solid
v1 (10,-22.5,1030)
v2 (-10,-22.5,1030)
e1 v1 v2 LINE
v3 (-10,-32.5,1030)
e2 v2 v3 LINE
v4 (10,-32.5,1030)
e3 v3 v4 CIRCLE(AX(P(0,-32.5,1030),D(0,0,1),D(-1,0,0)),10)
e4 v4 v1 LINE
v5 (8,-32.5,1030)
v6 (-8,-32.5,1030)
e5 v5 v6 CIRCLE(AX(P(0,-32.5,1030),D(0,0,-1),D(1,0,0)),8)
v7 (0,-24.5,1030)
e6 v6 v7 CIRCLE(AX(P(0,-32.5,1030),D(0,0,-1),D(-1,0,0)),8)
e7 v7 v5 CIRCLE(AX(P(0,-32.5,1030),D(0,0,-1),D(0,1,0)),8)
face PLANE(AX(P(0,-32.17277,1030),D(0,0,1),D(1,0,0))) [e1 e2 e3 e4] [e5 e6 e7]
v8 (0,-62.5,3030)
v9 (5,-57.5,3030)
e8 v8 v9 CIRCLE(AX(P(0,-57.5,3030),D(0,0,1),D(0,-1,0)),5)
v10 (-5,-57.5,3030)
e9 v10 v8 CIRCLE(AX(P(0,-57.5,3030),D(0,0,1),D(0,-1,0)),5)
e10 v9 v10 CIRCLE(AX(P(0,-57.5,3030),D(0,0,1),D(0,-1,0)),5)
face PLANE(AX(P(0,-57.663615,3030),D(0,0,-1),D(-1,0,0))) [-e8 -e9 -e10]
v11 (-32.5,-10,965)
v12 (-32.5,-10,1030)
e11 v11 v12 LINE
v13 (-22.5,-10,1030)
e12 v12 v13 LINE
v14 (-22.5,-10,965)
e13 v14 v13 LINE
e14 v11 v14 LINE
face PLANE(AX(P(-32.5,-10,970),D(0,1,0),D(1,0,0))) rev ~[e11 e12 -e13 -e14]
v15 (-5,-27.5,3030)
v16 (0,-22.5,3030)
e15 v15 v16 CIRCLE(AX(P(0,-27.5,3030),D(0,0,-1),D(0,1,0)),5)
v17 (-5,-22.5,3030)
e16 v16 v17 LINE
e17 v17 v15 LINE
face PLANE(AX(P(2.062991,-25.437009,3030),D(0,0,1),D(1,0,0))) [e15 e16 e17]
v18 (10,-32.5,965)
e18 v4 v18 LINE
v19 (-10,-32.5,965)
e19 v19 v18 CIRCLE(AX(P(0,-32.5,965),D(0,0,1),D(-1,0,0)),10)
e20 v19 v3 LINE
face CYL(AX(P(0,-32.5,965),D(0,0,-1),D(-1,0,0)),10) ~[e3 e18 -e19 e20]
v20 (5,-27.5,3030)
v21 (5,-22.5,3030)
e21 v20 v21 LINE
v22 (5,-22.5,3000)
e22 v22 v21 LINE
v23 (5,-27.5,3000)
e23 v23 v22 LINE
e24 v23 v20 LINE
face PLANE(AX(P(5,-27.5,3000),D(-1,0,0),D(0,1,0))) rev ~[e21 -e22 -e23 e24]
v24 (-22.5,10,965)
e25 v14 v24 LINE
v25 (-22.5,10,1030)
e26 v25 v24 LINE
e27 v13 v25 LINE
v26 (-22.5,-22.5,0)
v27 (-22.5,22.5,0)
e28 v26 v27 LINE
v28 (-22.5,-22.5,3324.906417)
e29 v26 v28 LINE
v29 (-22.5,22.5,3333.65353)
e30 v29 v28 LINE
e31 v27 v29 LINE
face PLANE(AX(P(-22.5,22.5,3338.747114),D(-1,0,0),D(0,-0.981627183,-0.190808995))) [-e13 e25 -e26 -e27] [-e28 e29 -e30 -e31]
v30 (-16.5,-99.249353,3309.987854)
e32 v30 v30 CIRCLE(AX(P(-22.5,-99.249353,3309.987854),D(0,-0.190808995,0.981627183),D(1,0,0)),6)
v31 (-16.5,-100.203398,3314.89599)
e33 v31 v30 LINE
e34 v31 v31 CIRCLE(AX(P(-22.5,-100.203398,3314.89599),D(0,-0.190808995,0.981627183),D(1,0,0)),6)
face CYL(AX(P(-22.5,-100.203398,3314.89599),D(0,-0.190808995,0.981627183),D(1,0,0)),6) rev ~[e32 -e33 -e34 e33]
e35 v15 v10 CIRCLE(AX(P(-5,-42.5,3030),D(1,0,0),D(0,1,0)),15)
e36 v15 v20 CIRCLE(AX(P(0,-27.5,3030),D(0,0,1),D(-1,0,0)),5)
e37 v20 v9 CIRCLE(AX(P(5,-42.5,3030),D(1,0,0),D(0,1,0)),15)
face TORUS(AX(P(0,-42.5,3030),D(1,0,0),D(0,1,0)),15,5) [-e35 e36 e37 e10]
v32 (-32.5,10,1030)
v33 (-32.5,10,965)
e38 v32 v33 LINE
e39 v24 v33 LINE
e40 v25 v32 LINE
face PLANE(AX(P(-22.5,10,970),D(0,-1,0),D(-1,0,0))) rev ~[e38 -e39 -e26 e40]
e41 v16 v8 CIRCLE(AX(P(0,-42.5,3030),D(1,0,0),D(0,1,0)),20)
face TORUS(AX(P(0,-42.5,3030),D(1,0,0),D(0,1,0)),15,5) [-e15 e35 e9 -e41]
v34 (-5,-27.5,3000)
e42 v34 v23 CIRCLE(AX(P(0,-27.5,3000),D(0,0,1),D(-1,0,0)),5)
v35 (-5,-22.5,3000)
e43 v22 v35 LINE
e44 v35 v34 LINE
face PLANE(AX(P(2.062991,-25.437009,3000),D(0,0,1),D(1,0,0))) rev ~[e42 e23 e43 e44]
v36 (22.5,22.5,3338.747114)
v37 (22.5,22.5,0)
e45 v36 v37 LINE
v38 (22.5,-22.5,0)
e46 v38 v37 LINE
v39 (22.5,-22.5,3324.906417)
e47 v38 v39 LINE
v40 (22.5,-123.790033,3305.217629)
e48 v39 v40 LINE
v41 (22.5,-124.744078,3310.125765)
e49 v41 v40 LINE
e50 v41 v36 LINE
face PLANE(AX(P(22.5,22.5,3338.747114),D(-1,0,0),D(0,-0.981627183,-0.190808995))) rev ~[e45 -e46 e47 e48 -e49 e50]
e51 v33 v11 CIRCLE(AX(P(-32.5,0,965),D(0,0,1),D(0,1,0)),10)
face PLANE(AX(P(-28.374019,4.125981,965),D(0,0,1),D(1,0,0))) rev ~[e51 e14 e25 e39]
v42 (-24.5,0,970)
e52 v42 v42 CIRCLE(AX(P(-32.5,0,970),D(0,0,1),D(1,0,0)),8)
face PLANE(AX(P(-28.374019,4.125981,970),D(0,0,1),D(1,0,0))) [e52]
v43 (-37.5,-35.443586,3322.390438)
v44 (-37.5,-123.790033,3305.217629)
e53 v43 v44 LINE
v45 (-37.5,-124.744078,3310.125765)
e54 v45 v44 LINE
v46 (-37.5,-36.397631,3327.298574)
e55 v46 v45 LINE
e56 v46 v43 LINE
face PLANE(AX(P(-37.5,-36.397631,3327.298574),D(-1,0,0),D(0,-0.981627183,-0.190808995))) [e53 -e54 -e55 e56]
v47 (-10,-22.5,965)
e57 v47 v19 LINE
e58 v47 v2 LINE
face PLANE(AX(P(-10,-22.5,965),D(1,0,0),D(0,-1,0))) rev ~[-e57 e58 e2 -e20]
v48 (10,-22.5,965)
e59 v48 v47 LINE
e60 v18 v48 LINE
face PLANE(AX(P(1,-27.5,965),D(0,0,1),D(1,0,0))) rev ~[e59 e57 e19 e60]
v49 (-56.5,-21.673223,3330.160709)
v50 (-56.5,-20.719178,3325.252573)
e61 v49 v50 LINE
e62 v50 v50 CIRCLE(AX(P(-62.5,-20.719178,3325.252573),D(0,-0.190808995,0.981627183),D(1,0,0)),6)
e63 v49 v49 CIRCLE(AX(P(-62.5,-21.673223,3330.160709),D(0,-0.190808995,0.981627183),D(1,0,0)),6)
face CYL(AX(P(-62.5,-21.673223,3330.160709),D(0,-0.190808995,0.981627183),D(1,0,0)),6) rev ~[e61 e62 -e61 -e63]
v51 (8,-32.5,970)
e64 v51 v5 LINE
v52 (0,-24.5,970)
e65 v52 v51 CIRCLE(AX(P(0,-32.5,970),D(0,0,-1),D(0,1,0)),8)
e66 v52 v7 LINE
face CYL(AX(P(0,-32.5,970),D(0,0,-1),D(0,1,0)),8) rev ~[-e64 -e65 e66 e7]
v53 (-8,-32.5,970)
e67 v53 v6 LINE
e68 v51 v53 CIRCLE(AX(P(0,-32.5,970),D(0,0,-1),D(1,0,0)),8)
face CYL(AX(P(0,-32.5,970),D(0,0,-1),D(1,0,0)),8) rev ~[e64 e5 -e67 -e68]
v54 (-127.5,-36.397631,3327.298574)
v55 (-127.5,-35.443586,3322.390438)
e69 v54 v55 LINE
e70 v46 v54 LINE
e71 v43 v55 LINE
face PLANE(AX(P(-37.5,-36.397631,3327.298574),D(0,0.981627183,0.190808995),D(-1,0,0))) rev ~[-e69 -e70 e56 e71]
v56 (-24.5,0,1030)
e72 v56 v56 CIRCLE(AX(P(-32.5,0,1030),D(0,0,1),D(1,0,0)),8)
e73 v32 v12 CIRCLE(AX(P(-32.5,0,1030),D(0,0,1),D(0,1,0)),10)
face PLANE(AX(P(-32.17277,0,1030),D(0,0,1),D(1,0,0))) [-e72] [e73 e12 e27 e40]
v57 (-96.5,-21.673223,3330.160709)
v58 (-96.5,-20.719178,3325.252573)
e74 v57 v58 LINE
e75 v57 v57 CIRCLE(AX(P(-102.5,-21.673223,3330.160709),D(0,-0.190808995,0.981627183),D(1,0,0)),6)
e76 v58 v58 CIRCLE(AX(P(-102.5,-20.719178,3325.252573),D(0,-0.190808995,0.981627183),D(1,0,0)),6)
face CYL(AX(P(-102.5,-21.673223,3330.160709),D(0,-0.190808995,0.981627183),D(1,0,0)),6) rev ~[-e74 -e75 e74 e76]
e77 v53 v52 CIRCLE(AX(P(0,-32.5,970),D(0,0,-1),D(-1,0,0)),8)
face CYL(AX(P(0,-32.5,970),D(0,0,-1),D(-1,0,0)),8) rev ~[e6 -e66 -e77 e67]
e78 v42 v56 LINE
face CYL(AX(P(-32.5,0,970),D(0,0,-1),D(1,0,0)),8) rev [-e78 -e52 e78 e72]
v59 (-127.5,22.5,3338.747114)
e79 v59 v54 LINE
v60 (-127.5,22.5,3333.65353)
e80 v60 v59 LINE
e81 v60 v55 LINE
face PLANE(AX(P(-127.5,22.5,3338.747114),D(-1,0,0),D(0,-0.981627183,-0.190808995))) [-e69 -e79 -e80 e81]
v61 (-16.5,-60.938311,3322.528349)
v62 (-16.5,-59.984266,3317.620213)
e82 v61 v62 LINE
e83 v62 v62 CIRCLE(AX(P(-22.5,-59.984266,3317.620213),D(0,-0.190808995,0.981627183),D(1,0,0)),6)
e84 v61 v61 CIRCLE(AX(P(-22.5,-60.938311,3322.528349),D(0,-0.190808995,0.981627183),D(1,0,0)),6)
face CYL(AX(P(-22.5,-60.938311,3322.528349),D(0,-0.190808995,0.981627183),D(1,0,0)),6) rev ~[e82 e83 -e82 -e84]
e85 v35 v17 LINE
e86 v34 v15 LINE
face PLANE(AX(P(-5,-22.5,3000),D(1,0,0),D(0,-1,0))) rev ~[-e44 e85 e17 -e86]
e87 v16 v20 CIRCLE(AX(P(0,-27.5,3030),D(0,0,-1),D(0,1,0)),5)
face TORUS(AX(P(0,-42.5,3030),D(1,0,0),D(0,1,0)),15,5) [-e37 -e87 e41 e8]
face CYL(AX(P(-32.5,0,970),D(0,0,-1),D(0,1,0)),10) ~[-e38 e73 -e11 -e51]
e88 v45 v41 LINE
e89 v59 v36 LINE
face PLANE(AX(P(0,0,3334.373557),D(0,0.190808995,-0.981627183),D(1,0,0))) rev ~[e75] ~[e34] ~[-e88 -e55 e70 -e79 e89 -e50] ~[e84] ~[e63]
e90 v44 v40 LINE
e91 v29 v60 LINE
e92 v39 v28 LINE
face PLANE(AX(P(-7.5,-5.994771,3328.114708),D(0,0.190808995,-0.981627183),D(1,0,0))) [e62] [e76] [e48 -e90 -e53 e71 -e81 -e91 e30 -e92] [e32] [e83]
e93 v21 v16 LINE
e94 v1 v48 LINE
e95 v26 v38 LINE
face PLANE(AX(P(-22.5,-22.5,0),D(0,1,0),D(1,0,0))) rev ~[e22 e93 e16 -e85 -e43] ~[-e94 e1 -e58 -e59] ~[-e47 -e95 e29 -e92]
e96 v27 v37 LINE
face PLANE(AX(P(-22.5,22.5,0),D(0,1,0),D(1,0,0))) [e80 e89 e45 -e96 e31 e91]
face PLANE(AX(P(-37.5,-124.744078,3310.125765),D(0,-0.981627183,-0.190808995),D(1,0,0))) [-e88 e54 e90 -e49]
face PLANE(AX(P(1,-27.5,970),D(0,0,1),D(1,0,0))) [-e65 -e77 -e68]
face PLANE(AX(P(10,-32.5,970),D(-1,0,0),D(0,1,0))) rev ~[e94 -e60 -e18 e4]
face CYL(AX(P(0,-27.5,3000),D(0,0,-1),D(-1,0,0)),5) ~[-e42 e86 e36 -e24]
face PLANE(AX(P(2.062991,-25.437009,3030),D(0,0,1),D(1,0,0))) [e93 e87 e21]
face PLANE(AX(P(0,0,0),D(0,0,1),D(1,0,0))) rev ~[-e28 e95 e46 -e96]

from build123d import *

# Parameters (mm, degrees)
F0_W      = 45
F0_H      = 45
F1_DEPTH  = 3330
F4_DEPTH  = 5
F7_W      = 45
F7_H      = 45.842251273
F8_DEPTH  = 25
F9_W      = 60
F9_H      = 60
F9_W_2    = 90
F9_H_2    = 90
F10_DEPTH = 5
F11_R     = 6
F12_DEPTH = 25
F13_W     = 150
F13_H     = 4.7702248844
F14_DEPTH = 3358.6871623993
F15_R     = 8
F16_DEPTH = 60
F20_DEPTH = 109
F21_DEPTH = 30


with BuildPart() as f1:
    # F0 (on Top) → F1 (new body)
    with BuildSketch(Plane.XY):
        Rectangle(F0_W, F0_H)
    extrude(amount=F1_DEPTH)

    # F3 (on offset) → F4 (join)
    with BuildSketch(Plane.XY.offset(965)):
        Polygon((2, -22.5), (0, -22.5), (0, -32.5), (2, -32.5), (2, -22.7020410289), align=None)
        Polygon((0, -32.5), (0, -22.5), (-2, -22.5), (-2, -22.7020410289), (-2, -32.5), align=None)
        with BuildLine():
            Line((2, -32.5), (0, -32.5))
            Line((0, -32.5), (-2, -32.5))
            Line((-2, -32.5), (-10, -32.5))
            ThreePointArc((-10, -32.5), (0, -42.5), (10, -32.5))
            Line((10, -32.5), (2, -32.5))
        make_face()
        with BuildLine():
            Line((-32.5, 0), (-22.5, 0))
            ThreePointArc((-22.5, 0), (-25.4289321881, 7.0710678119), (-32.5, 10))
            Line((-32.5, 10), (-32.5, 0))
        make_face()
        with BuildLine():
            Line((-32.5, -10), (-32.5, 0))
            Line((-32.5, 0), (-32.5, 10))
            ThreePointArc((-32.5, 10), (-42.5, 0), (-32.5, -10))
        make_face()
        with BuildLine():
            ThreePointArc((-32.5, -10), (-25.4289321881, -7.0710678119), (-22.5, 0))
            Line((-22.5, 0), (-32.5, 0))
            Line((-32.5, 0), (-32.5, -10))
        make_face()
        with BuildLine():
            Line((2, -22.7020410289), (2, -32.5))
            Line((2, -32.5), (10, -32.5))
            ThreePointArc((10, -32.5), (7.7459666924, -26.1754446797), (2, -22.7020410289))
        make_face()
        with BuildLine():
            Line((10, -22.5), (2, -22.5))
            Line((2, -22.5), (2, -22.7020410289))
            ThreePointArc((2, -22.7020410289), (7.7459666924, -26.1754446797), (10, -32.5))
            Line((10, -32.5), (10, -22.5))
        make_face()
        with BuildLine():
            Line((-10, -32.5), (-2, -32.5))
            Line((-2, -32.5), (-2, -22.7020410289))
            ThreePointArc((-2, -22.7020410289), (-7.7459666924, -26.1754446797), (-10, -32.5))
        make_face()
        with BuildLine():
            Line((-2, -22.7020410289), (-2, -22.5))
            Line((-2, -22.5), (-10, -22.5))
            Line((-10, -22.5), (-10, -32.5))
            ThreePointArc((-10, -32.5), (-7.7459666924, -26.1754446797), (-2, -22.7020410289))
        make_face()
        with BuildLine():
            Line((-22.5, -10), (-22.5, 0))
            ThreePointArc((-22.5, 0), (-25.4289321881, -7.0710678119), (-32.5, -10))
            Line((-32.5, -10), (-22.5, -10))
        make_face()
        with BuildLine():
            ThreePointArc((-32.5, 10), (-25.4289321881, 7.0710678119), (-22.5, 0))
            Line((-22.5, 0), (-22.5, 10))
            Line((-22.5, 10), (-32.5, 10))
        make_face()
    extrude(amount=F4_DEPTH)

    # F7 (on face) → F8 (join)
    with BuildSketch(Plane(origin=(0, -624.5391596736, 3212.9754420296), x_dir=(1, 0, 0), z_dir=(0, 0.1908089954, -0.9816271834))):
        with Locations((0, -636.2284686128)):
            Rectangle(F7_W, F7_H)
    extrude(amount=F8_DEPTH)

    # F9 (on face) → F10 (join)
    with BuildSketch(Plane(origin=(0, -624.5391596736, 3212.9754420296), x_dir=(1, 0, 0), z_dir=(0, 0.1908089954, -0.9816271834))):
        with Locations((-7.5, -629.1495942493)):
            Rectangle(F9_W, F9_H)
        with Locations((-82.5, -629.1495942493)):
            Rectangle(F9_W_2, F9_H)
        with Locations((-7.5, -554.1495942493)):
            Rectangle(F9_W, F9_H_2)
    extrude(amount=F10_DEPTH)

    # F11 (on face) → F12 (cut)
    with BuildSketch(Plane(origin=(0, -624.5391596736, 3212.9754420296), x_dir=(1, 0, 0), z_dir=(0, -0.1908089954, 0.9816271834))):
        with Locations((-22.5, 534.1495942493)):
            Circle(F11_R)
        with Locations((-22.5, 574.1495942493)):
            Circle(F11_R)
        with Locations((-62.5, 614.1495942493)):
            Circle(F11_R)
        with Locations((-102.5, 614.1495942493)):
            Circle(F11_R)
    extrude(amount=-F12_DEPTH, mode=Mode.SUBTRACT)

    # F13 (on Top) → F14 (cut)
    with BuildSketch(Plane.XY):
        with Locations((52.5, 24.8851124422)):
            Rectangle(F13_W, F13_H)
    extrude(amount=F14_DEPTH, mode=Mode.SUBTRACT)

    # F15 (on face) → F16 (join)
    with BuildSketch(Plane.XY.offset(970)):
        with BuildLine():
            ThreePointArc((-32.5, -10), (-25.4289321881, -7.0710678119), (-22.5, 0))
            ThreePointArc((-22.5, 0), (-25.4289321881, 7.0710678119), (-32.5, 10))
            ThreePointArc((-32.5, 10), (-42.5, 0), (-32.5, -10))
        make_face()
        with Locations((-32.5, 0)):
            Circle(F15_R, mode=Mode.SUBTRACT)
        with BuildLine():
            Line((-22.5, -10), (-22.5, 0))
            ThreePointArc((-22.5, 0), (-25.4289321881, -7.0710678119), (-32.5, -10))
            Line((-32.5, -10), (-22.5, -10))
        make_face()
        with BuildLine():
            ThreePointArc((-32.5, 10), (-25.4289321881, 7.0710678119), (-22.5, 0))
            Line((-22.5, 0), (-22.5, 10))
            Line((-22.5, 10), (-32.5, 10))
        make_face()
        with BuildLine():
            ThreePointArc((10, -32.5), (7.0710678119, -25.4289321881), (0, -22.5))
            ThreePointArc((0, -22.5), (-7.0710678119, -25.4289321881), (-10, -32.5))
            ThreePointArc((-10, -32.5), (0, -42.5), (10, -32.5))
        make_face()
        with BuildLine():
            ThreePointArc((8, -32.5), (0, -40.5), (-8, -32.5))
            ThreePointArc((-8, -32.5), (-5.6568542495, -26.8431457505), (0, -24.5))
            ThreePointArc((0, -24.5), (5.6568542495, -26.8431457505), (8, -32.5))
        make_face(mode=Mode.SUBTRACT)
        with BuildLine():
            ThreePointArc((-10, -32.5), (-7.0710678119, -25.4289321881), (0, -22.5))
            Line((0, -22.5), (-10, -22.5))
            Line((-10, -22.5), (-10, -32.5))
        make_face()
        with BuildLine():
            Line((10, -22.5), (0, -22.5))
            ThreePointArc((0, -22.5), (7.0710678119, -25.4289321881), (10, -32.5))
            Line((10, -32.5), (10, -22.5))
        make_face()
    extrude(amount=F16_DEPTH)

    # F19 (on face) → F20 (cut)
    with BuildSketch(Plane.YZ.offset(-22.5)):
        Polygon((22.5, 3333.6535304364), (23.4540449769, 3333.838977994), (22.5, 3338.7471139112), align=None)
    extrude(amount=-F20_DEPTH, mode=Mode.SUBTRACT)

    # F18 (on offset) → F21 (join)
    with BuildSketch(Plane.XY.offset(3000)):
        with BuildLine():
            ThreePointArc((5, -27.5), (3.5355339059, -23.9644660941), (0, -22.5))
            Line((0, -22.5), (0, -27.5))
            Line((0, -27.5), (5, -27.5))
        make_face()
        with BuildLine():
            Line((5, -22.5), (0, -22.5))
            ThreePointArc((0, -22.5), (3.5355339059, -23.9644660941), (5, -27.5))
            Line((5, -27.5), (5, -22.5))
        make_face()
        with BuildLine():
            Line((0, -27.5), (0, -22.5))
            ThreePointArc((0, -22.5), (-3.5355339059, -23.9644660941), (-5, -27.5))
            ThreePointArc((-5, -27.5), (0, -32.5), (5, -27.5))
            Line((5, -27.5), (0, -27.5))
        make_face()
        with BuildLine():
            ThreePointArc((-5, -27.5), (-3.5355339059, -23.9644660941), (0, -22.5))
            Line((0, -22.5), (-5, -22.5))
            Line((-5, -22.5), (-5, -27.5))
        make_face()
    extrude(amount=F21_DEPTH)

    # F24: sweep along a path in F23
    with BuildLine(Plane.YZ) as f24_path:
        ThreePointArc((-27.5, 3030), (-42.5, 3045), (-57.5, 3030))
    # F22 (on face) → F24 (sweep)
    with BuildSketch(Plane.XY.offset(3030)):
        with BuildLine():
            ThreePointArc((0, -22.5), (-3.5355339059, -23.9644660941), (-5, -27.5))
            ThreePointArc((-5, -27.5), (0, -32.5), (5, -27.5))
            ThreePointArc((5, -27.5), (3.5355339059, -23.9644660941), (0, -22.5))
        make_face()
    sweep(path=f24_path.line)


solid = f1.part
